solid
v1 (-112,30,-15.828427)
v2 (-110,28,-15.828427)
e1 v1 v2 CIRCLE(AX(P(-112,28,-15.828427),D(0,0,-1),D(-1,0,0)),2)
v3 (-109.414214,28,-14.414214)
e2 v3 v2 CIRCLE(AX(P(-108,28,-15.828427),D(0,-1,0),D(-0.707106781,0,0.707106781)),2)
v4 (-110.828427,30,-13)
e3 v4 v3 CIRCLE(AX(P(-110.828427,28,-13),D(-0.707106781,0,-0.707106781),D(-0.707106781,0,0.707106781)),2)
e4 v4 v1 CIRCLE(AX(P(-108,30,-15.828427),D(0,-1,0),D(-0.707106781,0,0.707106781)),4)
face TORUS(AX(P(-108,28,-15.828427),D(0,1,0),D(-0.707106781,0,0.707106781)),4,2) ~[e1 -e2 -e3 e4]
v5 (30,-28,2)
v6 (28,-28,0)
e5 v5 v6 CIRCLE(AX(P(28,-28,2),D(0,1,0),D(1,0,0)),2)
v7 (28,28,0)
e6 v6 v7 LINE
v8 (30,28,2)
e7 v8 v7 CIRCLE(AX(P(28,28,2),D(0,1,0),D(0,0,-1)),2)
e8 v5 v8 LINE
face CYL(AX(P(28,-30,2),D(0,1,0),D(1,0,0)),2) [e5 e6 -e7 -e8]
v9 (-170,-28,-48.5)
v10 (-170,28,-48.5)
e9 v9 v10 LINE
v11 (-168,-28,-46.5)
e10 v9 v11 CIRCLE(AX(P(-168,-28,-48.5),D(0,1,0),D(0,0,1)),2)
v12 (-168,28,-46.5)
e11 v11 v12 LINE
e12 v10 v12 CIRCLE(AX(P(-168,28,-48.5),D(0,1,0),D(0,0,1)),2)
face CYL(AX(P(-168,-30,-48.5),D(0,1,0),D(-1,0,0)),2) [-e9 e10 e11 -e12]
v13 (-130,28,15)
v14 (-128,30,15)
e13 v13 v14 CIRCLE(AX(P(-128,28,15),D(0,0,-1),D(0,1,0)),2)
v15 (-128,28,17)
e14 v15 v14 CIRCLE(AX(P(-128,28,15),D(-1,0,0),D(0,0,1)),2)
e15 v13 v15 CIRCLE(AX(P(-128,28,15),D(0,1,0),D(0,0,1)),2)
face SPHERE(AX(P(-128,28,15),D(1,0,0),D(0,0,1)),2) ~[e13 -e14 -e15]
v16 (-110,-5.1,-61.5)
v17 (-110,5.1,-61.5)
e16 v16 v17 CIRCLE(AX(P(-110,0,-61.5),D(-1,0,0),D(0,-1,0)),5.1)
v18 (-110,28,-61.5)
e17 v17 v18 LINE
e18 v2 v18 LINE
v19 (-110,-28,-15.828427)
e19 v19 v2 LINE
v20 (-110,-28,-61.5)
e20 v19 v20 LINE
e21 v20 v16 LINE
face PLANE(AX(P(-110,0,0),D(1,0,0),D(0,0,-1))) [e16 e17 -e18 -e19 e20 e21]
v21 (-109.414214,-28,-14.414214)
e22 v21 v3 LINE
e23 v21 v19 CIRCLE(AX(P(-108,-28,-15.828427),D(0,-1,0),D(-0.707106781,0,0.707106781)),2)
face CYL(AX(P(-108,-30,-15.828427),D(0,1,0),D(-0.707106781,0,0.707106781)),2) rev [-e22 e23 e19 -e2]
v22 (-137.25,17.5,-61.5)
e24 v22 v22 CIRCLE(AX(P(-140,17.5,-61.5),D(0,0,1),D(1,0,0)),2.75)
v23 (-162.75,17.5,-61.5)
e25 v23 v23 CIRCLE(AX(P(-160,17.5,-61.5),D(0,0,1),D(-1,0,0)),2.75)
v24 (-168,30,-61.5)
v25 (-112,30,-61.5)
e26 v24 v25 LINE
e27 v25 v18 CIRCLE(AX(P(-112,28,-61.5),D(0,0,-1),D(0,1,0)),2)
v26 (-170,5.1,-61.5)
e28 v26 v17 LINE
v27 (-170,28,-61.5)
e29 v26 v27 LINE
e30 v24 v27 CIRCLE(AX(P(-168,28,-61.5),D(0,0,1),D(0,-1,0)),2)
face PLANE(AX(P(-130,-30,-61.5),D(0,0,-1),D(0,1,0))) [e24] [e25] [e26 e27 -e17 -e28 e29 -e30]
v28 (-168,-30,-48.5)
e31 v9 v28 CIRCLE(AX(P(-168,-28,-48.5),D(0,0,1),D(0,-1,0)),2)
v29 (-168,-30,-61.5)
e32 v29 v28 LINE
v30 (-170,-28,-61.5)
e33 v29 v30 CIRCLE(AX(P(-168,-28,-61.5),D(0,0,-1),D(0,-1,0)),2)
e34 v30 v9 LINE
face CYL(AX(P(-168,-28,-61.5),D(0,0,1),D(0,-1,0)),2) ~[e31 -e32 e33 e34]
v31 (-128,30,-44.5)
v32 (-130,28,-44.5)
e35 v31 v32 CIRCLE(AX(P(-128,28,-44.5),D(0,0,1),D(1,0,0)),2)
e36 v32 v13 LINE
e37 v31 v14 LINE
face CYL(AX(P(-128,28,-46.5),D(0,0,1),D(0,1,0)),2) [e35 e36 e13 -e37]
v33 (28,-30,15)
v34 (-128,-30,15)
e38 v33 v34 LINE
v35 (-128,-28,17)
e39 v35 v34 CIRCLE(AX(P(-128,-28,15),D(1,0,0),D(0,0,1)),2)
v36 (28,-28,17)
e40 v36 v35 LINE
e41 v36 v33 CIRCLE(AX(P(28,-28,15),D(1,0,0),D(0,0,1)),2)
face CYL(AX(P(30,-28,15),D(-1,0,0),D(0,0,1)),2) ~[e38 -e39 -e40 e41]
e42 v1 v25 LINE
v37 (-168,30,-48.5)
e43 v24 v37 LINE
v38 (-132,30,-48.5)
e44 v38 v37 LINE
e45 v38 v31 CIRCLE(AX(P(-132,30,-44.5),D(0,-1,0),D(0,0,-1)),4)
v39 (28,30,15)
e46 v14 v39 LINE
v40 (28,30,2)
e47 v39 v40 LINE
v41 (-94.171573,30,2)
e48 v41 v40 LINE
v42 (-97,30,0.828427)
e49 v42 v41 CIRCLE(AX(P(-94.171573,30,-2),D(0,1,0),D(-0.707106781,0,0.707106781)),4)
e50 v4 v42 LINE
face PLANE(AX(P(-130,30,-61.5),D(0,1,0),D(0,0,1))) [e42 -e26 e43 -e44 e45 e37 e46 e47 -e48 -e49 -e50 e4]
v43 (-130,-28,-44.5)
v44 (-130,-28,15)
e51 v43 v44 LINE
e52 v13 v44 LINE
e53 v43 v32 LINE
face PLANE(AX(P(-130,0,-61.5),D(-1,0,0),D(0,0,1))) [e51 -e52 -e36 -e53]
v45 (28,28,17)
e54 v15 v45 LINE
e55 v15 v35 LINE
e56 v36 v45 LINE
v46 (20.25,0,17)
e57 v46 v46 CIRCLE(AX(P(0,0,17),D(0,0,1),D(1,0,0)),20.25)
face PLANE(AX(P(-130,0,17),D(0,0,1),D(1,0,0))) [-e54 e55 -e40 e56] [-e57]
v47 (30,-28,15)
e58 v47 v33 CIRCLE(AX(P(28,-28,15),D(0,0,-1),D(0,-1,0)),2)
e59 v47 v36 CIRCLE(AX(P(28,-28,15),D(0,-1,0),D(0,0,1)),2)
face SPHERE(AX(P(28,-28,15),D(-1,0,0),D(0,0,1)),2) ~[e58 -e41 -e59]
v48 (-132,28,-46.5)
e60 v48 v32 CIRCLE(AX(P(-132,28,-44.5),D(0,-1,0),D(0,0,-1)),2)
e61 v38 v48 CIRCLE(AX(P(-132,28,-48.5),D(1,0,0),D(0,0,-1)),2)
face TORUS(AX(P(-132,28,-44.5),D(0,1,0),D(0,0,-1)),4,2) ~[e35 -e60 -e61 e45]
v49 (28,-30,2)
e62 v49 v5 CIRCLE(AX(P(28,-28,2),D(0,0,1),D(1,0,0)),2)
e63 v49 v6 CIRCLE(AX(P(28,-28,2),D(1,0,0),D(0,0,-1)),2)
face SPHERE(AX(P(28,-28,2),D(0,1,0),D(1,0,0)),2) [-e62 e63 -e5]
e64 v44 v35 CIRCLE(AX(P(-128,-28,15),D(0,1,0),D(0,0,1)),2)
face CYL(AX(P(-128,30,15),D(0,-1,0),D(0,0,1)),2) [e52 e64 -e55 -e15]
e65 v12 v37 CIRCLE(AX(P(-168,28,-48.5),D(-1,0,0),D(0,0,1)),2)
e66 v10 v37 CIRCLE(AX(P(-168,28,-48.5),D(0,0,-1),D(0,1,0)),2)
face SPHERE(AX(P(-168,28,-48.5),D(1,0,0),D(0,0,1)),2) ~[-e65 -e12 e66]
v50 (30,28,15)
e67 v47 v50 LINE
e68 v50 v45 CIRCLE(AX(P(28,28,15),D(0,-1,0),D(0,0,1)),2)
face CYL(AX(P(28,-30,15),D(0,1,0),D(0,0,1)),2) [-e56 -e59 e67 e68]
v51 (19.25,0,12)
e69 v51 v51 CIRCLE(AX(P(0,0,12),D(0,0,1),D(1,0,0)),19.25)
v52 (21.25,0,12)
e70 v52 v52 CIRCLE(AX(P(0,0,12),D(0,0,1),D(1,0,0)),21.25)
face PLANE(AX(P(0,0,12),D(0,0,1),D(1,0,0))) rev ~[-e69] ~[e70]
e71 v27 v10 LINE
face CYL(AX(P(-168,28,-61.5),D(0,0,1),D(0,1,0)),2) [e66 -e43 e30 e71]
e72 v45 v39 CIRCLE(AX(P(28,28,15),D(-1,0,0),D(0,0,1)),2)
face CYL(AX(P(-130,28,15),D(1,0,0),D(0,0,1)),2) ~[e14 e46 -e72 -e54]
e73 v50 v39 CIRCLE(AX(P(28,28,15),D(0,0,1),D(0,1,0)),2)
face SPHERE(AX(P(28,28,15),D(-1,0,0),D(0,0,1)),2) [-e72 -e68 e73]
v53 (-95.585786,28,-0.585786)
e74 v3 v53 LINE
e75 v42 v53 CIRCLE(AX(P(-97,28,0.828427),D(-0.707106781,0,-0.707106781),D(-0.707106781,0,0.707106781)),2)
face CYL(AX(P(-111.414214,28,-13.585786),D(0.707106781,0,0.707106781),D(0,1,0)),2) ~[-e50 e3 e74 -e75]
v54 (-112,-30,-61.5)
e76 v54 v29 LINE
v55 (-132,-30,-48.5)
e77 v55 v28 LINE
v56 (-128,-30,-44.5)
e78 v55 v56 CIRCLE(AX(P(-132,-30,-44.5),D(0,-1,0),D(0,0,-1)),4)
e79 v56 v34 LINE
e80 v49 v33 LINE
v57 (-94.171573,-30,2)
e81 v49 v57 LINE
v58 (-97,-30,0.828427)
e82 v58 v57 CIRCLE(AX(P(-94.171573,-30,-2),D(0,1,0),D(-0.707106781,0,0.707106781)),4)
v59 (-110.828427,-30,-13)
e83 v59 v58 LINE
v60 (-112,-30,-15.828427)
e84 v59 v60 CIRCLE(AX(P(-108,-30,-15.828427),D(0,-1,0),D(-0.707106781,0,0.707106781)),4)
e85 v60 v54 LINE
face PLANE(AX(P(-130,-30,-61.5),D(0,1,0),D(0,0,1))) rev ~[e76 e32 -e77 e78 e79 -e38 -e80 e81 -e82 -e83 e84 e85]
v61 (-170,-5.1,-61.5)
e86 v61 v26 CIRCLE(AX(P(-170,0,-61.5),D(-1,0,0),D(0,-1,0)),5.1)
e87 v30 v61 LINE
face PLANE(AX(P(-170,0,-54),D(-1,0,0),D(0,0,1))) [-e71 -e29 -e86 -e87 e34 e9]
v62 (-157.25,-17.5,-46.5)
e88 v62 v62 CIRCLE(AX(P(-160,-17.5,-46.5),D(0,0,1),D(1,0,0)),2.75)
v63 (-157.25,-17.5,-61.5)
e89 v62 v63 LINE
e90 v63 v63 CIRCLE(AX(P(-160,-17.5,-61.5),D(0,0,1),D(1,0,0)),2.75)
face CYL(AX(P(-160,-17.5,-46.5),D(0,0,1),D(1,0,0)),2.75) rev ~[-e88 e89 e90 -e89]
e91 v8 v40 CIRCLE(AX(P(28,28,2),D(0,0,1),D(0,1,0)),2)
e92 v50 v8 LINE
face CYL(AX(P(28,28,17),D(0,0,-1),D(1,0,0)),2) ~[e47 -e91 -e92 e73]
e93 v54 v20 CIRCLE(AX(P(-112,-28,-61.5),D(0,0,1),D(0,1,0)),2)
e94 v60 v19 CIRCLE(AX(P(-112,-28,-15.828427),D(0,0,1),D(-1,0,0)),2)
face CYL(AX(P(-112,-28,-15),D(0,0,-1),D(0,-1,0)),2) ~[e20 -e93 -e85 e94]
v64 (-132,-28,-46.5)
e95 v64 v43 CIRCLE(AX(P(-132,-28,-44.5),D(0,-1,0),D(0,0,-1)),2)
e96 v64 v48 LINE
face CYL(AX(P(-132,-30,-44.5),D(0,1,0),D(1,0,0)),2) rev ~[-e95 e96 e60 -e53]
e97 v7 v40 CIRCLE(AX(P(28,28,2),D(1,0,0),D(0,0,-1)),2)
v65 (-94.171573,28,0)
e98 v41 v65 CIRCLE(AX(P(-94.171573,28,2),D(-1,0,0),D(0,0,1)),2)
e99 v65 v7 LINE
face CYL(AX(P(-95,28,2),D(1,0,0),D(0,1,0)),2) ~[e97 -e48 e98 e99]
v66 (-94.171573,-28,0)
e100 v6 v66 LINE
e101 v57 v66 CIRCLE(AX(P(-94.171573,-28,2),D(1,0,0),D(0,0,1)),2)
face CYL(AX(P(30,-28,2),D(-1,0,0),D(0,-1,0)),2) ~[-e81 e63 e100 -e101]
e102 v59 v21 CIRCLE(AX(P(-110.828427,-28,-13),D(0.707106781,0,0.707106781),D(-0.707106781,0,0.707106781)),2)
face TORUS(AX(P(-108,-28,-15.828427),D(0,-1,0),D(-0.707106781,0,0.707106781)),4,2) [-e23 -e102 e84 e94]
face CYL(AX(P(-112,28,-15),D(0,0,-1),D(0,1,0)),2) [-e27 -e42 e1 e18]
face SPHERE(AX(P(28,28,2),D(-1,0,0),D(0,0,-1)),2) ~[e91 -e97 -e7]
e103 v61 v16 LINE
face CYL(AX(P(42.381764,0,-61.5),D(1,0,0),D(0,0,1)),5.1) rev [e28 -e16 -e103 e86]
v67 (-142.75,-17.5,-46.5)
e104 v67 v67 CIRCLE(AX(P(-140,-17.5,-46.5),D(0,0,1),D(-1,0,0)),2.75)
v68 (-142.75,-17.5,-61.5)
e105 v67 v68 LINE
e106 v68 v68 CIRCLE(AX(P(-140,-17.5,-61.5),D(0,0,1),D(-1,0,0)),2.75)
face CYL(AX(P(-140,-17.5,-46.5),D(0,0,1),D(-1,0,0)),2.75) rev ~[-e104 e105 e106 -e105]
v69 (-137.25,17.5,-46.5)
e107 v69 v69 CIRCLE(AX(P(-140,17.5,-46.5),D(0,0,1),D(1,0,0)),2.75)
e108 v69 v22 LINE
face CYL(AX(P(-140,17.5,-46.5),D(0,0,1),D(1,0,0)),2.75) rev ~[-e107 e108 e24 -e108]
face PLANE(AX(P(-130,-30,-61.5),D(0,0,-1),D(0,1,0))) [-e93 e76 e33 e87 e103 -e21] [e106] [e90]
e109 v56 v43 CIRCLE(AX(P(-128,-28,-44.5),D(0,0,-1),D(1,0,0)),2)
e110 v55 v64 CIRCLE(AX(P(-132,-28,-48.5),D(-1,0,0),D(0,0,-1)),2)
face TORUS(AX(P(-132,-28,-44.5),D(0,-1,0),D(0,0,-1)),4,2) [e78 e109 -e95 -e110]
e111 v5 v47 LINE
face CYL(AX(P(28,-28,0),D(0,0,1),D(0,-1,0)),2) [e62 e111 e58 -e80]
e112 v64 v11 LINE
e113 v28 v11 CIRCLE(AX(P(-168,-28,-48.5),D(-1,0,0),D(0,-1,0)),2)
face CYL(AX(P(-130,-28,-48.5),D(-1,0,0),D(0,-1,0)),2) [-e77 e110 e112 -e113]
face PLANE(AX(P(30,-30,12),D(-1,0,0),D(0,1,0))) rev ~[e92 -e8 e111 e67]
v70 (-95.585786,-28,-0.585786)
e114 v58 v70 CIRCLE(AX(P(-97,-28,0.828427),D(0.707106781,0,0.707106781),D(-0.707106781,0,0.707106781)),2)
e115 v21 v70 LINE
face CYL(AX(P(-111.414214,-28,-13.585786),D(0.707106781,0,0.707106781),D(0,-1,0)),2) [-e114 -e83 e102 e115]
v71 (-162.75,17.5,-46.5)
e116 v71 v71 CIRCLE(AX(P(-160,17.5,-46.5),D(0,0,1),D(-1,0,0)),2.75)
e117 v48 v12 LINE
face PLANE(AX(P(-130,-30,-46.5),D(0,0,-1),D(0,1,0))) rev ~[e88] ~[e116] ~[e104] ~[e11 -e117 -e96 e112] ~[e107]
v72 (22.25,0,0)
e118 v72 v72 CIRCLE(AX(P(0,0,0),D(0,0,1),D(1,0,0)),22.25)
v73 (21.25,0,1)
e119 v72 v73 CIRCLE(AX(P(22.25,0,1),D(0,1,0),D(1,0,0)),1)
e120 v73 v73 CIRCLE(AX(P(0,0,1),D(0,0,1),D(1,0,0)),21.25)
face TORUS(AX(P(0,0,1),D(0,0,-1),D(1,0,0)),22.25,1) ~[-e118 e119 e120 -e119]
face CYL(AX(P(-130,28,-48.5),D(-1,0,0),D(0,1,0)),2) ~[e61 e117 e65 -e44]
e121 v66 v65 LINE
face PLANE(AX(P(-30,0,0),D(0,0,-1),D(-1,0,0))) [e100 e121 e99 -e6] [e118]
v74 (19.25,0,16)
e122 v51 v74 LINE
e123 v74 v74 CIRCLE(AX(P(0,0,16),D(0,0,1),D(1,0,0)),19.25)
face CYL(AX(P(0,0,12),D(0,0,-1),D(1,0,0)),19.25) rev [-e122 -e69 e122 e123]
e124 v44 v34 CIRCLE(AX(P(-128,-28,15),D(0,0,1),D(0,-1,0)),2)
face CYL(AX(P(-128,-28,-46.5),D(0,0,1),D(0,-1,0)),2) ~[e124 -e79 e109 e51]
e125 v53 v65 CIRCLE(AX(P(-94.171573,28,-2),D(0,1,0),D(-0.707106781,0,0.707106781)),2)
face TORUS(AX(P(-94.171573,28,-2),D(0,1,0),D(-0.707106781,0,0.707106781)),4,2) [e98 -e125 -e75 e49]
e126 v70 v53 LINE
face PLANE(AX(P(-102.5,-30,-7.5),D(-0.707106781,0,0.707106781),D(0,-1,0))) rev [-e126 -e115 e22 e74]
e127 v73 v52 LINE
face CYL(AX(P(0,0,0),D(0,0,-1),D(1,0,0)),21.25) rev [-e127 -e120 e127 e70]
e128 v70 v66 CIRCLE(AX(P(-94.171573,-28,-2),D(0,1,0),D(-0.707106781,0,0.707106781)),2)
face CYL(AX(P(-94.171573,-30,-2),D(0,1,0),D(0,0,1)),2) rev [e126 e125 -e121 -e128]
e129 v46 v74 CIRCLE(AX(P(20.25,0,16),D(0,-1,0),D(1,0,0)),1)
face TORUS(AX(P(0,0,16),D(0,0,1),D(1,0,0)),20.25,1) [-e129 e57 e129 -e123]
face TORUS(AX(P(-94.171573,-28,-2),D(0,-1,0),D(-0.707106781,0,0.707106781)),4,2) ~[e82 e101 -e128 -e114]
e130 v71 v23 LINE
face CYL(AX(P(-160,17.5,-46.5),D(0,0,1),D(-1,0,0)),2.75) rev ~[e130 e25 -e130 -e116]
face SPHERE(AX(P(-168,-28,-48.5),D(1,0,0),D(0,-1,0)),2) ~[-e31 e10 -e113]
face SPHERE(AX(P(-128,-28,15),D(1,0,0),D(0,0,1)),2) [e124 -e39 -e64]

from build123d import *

# Parameters (mm, degrees)
SKETCH1_W               = 60
SKETCH1_H               = 60
SKETCH1_R               = 21.25
BOSS_EXTRUDE1_DEPTH     = 12
SKETCH2_W               = 60
SKETCH2_H               = 60
SKETCH2_R               = 19.25
BOSS_EXTRUDE2_DEPTH     = 5
BOSS_EXTRUDE3_DEPTH     = 30
SKETCH4_W               = 15
SKETCH4_H               = 60
BOSS_EXTRUDE4_DEPTH     = 40
CUT_EXTRUDE1_DEPTH      = 212.381763641
CUT_EXTRUDE1_DEPTH_BACK = 212.381763641
SKETCH5_R               = 5.1
SKETCH6_R               = 2.75
CUT_EXTRUDE2_DEPTH      = 184.935450634
CHAMFER1_SIZE           = 15
FILLET1_R               = 1
FILLET2_R               = 1
FILLET3_R               = 2


with BuildPart() as part:
    # Sketch1 → Boss-Extrude1 (new body)
    with BuildSketch(Plane.XY):
        Rectangle(SKETCH1_W, SKETCH1_H)
        Circle(SKETCH1_R, mode=Mode.SUBTRACT)
    extrude(amount=BOSS_EXTRUDE1_DEPTH)

    # Sketch2 → Boss-Extrude2 (add)
    with BuildSketch(Plane.XY.offset(12)):
        Rectangle(SKETCH2_W, SKETCH2_H)
        Circle(SKETCH2_R, mode=Mode.SUBTRACT)
    extrude(amount=BOSS_EXTRUDE2_DEPTH)

    # Sketch3 → Boss-Extrude3 (add, symmetric)
    with BuildSketch(Plane(origin=(0, 0, 0), x_dir=(1, 0, 0), z_dir=(0, 1, 0))):
        Polygon((-30, 0), (-110, 0), (-110, 61.5), (-130, 61.5), (-130, -17), (-30, -17), align=None)
    extrude(amount=BOSS_EXTRUDE3_DEPTH, both=True)

    # Sketch4 → Boss-Extrude4 (add)
    with BuildSketch(Plane.ZY.offset(130)):
        with Locations((-54, 0)):
            Rectangle(SKETCH4_W, SKETCH4_H)
    extrude(amount=BOSS_EXTRUDE4_DEPTH)

    # Sketch5 → Cut-Extrude1 (cut, two sides: drawn at the far end of the back side and taken through both)
    with BuildSketch(Plane.ZY.offset(170).offset(-CUT_EXTRUDE1_DEPTH_BACK)):
        with Locations((-61.5, 0)):
            Circle(SKETCH5_R)
    extrude(amount=CUT_EXTRUDE1_DEPTH + CUT_EXTRUDE1_DEPTH_BACK, mode=Mode.SUBTRACT)

    # Sketch6 → Cut-Extrude2 (cut, through all)
    with BuildSketch(Plane.XY.offset(-46.5)):
        with Locations((-140, 17.5)):
            Circle(SKETCH6_R)
        with Locations(Location((-140, -17.5, 0), (0, 0, 180))):
            Circle(SKETCH6_R)
        with Locations((-160, -17.5)):
            Circle(SKETCH6_R)
        with Locations(Location((-160, 17.5, 0), (0, 0, 180))):
            Circle(SKETCH6_R)
    extrude(amount=-CUT_EXTRUDE2_DEPTH, mode=Mode.SUBTRACT)

    # Chamfer1
    chamfer1_edges = [part.edges().sort_by_distance(p)[0] for p in [
        (-110, 0, 0),
    ]]
    chamfer(chamfer1_edges, length=CHAMFER1_SIZE)

    # Fillet1
    fillet1_edges = [part.edges().sort_by_distance(p)[0] for p in [
        (-21.25, 0, 0),
    ]]
    fillet(fillet1_edges, radius=FILLET1_R)

    # Fillet2
    fillet2_edges = [part.edges().sort_by_distance(p)[0] for p in [
        (-19.25, 0, 17),
    ]]
    fillet(fillet2_edges, radius=FILLET2_R)

    # Fillet3
    fillet3_edges = [part.edges().sort_by_distance(p)[0] for p in [
        (-50, 30, 17),
        (-50, -30, 17),
        (30, 0, 17),
        (-130, 0, 17),
        (-130, -30, -14.75),
        (-130, 30, -14.75),
        (-130, 0, -46.5),
        (-150, -30, -46.5),
        (-150, 30, -46.5),
        (-170, -30, -54),
        (-170, 0, -46.5),
        (-170, 30, -54),
        (-32.5, 30, 0),
        (30, 0, 0),
        (30, -30, 8.5),
        (30, 30, 8.5),
        (-110, 30, -38.25),
        (-110, -30, -38.25),
        (-110, 0, -15),
        (-32.5, -30, 0),
        (-95, 0, 0),
        (-102.5, -30, -7.5),
        (-102.5, 30, -7.5),
    ]]
    fillet(fillet3_edges, radius=FILLET3_R)


solid = part.part
